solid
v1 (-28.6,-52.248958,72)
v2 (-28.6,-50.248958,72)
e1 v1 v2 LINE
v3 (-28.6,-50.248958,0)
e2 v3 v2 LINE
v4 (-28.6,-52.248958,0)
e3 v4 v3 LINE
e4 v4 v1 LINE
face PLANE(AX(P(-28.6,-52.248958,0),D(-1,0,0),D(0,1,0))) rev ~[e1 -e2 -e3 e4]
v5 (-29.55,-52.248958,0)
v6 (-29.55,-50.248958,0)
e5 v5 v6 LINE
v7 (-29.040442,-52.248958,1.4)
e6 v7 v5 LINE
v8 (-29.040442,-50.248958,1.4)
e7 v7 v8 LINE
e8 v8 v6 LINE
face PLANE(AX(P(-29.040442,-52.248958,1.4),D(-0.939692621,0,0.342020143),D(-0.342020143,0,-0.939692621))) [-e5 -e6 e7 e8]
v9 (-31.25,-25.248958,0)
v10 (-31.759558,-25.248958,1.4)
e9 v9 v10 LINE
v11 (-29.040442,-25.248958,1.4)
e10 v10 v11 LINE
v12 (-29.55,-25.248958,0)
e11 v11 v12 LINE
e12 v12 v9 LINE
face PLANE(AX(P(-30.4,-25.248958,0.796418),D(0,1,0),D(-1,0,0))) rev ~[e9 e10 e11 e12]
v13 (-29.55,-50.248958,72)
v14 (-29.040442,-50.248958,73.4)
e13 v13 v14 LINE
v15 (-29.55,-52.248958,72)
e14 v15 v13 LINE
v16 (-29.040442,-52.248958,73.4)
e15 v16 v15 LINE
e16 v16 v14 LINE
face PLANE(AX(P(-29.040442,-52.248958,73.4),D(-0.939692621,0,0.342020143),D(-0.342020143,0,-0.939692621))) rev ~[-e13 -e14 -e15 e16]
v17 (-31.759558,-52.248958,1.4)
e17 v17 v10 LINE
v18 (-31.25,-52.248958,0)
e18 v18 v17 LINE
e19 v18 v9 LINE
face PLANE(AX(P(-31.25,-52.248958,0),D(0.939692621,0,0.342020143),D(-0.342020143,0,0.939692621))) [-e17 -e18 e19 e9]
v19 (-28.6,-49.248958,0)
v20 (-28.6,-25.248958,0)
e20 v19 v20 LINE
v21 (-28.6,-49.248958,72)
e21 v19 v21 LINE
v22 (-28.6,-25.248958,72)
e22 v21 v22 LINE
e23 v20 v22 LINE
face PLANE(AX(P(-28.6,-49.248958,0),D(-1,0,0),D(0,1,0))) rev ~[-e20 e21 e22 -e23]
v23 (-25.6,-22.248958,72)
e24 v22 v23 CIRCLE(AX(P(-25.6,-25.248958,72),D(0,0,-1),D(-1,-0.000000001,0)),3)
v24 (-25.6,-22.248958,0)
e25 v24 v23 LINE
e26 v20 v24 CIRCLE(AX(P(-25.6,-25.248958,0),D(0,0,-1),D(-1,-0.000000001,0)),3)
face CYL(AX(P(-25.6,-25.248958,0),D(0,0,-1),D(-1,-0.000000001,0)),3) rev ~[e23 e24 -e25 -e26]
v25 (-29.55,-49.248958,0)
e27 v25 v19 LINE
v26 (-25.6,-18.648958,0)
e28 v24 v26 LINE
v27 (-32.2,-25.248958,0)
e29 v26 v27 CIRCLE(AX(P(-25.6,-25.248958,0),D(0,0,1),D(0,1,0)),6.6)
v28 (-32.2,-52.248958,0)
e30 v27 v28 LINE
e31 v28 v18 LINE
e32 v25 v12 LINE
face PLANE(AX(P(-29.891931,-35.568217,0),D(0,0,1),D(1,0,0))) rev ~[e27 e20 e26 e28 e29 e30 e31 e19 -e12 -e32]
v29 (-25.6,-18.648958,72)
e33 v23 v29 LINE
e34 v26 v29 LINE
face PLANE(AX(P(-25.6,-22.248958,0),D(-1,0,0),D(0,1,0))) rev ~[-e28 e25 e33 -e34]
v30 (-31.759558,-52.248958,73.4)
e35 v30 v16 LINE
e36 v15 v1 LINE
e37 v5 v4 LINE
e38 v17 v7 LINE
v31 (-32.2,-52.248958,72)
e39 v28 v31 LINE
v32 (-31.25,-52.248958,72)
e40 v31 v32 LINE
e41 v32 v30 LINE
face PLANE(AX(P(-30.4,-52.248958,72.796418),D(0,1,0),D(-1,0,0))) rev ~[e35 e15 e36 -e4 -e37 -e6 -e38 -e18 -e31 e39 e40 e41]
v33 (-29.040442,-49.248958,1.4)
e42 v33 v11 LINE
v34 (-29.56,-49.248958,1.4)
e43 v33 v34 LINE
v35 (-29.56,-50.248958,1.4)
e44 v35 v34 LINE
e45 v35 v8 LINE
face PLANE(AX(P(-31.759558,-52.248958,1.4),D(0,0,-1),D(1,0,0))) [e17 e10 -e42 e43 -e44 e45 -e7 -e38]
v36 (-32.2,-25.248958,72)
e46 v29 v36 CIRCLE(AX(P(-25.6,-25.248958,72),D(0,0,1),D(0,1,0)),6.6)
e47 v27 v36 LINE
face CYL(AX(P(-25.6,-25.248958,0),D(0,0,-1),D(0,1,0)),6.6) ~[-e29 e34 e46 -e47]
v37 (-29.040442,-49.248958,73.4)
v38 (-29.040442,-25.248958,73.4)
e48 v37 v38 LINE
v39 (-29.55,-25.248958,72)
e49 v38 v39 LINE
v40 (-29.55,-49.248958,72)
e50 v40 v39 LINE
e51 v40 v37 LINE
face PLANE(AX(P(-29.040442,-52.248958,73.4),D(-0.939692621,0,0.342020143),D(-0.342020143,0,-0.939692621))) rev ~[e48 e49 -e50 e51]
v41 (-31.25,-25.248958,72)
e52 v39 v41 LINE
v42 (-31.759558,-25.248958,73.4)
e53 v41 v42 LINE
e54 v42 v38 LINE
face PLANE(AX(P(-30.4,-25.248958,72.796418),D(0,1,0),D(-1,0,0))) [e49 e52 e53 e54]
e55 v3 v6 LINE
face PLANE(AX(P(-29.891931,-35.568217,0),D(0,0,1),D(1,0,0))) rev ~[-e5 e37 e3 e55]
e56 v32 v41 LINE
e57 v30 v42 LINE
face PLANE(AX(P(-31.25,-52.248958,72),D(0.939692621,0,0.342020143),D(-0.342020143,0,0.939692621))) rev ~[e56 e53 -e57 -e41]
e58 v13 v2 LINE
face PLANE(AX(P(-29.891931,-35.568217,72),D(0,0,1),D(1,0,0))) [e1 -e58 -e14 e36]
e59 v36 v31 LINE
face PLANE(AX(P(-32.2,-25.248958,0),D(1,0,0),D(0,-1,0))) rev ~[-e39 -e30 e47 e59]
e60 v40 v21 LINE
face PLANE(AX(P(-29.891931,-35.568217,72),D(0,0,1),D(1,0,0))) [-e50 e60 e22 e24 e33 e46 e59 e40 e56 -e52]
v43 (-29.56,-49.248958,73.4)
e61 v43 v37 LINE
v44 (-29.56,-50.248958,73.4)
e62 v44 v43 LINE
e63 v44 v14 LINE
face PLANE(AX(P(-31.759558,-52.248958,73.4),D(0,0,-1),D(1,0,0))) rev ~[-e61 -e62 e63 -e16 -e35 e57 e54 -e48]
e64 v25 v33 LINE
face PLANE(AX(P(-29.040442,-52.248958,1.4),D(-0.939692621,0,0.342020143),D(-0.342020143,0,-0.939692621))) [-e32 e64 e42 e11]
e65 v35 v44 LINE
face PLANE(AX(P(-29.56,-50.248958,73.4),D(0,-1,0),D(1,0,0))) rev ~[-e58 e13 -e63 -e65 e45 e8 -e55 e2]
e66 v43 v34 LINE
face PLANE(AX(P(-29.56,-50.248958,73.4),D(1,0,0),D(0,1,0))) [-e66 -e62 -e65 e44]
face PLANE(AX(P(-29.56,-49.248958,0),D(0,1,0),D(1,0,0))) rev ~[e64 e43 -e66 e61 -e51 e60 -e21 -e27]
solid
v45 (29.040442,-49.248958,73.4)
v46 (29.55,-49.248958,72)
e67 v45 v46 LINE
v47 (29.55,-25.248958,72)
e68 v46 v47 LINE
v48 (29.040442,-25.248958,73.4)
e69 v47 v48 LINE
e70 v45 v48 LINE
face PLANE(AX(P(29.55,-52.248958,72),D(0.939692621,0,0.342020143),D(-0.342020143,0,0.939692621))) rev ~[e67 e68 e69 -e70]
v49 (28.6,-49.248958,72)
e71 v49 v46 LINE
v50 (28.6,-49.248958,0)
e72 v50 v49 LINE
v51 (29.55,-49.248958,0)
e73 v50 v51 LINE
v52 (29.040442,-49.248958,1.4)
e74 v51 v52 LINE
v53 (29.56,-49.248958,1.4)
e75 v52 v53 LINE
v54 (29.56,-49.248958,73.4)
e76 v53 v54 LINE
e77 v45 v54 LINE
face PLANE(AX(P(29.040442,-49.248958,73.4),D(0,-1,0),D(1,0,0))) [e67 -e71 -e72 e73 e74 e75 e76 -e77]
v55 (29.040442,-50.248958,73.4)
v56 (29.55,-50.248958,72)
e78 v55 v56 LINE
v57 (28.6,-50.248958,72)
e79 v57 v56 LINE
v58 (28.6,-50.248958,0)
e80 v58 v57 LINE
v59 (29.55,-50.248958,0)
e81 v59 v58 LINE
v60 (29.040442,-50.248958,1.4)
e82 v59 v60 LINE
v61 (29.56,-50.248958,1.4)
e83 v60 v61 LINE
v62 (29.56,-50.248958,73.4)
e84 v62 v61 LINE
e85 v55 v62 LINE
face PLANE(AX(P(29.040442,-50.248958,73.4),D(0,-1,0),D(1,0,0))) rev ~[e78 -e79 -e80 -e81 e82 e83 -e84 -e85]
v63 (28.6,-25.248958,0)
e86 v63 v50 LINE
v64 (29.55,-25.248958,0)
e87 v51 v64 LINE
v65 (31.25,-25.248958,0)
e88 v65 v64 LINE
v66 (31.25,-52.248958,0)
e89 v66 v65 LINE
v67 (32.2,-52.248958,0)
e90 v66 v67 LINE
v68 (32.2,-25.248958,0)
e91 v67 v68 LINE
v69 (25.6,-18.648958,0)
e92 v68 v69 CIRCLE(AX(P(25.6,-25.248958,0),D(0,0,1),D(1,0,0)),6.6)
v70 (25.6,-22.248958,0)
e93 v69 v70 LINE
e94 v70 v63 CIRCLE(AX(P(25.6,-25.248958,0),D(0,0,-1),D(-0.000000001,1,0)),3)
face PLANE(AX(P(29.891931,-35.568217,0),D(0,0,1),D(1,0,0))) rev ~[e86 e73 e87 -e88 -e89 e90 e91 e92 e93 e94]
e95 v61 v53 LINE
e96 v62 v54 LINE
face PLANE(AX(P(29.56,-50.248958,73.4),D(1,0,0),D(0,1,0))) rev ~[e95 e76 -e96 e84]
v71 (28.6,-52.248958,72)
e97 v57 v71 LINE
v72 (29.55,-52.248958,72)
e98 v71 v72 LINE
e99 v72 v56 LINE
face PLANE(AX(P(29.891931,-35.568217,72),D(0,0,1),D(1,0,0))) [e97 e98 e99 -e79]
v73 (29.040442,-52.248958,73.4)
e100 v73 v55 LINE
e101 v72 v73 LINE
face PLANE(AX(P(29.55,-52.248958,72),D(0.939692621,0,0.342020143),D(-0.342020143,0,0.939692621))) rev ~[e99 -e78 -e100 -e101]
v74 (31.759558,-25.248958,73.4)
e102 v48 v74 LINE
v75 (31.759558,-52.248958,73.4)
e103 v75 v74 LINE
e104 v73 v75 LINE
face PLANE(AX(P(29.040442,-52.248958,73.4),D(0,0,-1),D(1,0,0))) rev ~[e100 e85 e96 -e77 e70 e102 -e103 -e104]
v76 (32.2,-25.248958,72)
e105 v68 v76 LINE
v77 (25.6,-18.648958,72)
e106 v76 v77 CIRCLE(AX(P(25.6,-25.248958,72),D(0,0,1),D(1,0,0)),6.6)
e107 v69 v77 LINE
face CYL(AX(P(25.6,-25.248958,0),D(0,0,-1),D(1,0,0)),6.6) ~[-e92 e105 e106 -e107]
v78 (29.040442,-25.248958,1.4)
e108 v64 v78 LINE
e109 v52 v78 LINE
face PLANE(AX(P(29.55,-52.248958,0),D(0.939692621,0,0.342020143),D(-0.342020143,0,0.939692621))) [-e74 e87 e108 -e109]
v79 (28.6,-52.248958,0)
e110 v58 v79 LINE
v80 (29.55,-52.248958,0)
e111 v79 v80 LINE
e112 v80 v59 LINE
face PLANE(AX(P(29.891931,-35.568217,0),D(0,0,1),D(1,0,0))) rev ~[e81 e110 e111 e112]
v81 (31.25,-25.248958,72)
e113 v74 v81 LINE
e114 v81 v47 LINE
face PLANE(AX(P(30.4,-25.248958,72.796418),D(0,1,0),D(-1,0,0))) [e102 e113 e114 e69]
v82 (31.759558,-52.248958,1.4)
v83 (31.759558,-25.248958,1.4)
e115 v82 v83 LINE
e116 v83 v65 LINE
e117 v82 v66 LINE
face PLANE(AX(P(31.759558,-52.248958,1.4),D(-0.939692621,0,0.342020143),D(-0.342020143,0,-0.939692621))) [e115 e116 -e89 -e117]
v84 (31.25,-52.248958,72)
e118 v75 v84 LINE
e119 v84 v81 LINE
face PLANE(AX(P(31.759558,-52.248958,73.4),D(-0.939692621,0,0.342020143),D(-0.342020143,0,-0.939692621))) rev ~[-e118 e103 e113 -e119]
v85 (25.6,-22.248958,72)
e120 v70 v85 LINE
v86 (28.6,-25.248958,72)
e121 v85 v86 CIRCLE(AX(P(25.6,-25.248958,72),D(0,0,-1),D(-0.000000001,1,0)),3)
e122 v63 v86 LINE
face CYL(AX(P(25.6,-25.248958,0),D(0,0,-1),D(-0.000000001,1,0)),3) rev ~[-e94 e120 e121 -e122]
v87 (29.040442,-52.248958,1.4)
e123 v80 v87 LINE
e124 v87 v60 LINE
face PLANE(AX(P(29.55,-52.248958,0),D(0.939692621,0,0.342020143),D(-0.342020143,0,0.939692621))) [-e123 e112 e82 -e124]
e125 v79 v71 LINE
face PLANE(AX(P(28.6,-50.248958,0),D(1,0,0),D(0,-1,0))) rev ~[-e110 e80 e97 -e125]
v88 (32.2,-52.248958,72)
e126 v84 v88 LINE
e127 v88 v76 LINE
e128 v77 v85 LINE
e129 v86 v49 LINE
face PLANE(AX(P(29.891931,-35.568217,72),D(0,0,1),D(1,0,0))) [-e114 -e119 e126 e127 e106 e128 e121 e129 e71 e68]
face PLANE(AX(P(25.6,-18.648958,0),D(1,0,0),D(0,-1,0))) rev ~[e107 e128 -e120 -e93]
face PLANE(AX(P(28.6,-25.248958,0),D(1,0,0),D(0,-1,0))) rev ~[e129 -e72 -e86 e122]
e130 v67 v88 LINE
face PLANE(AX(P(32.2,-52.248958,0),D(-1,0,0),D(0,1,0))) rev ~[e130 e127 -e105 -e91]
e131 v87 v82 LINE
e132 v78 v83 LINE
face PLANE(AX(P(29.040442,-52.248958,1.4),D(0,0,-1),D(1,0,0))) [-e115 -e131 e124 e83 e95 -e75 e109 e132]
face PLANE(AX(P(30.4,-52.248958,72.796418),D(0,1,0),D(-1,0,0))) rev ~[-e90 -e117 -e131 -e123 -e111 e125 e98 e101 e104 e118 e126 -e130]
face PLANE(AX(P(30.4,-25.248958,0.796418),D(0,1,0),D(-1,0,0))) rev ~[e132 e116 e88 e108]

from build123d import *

# Parameters (mm, degrees)
EXTRUDE_4_DEPTH     = 72
EXTRUDE_4_2_DEPTH   = 72
EXTRUDE_5_DEPTH     = 27
SKETCH_4_W          = 0.519558328
SKETCH_4_H          = 1
CUT_EXTRUDE_2_DEPTH = 1.4
CUT_EXTRUDE_4_DEPTH = 27


with BuildPart() as part:
    # 草圖1 → 填料-伸長4 (new body)
    with BuildSketch(Plane.XY):
        with BuildLine():
            Line((28.6, -25.24895757), (28.6, -49.24895757))
            Line((28.6, -49.24895757), (29.56, -49.24895757))
            Line((29.56, -49.24895757), (29.56, -50.24895757))
            Line((29.56, -50.24895757), (28.6, -50.24895757))
            Line((28.6, -50.24895757), (28.6, -52.24895757))
            Line((28.6, -52.24895757), (32.2, -52.24895757))
            Line((32.2, -52.24895757), (32.2, -25.24895757))
            ThreePointArc((32.2, -25.24895757), (30.266904756, -20.582052814), (25.6, -18.64895757))
            Line((25.6, -18.64895757), (25.6, -22.24895757))
            ThreePointArc((25.6, -22.24895757), (27.721320344, -23.127637226), (28.6, -25.24895757))
        make_face()
    extrude(amount=EXTRUDE_4_DEPTH)



with BuildPart() as body_2:
    # 草圖1 → Extrude 4 2 (new body)
    with BuildSketch(Plane.XY):
        with BuildLine():
            Line((-25.6, -22.24895757), (-25.6, -18.64895757))
            ThreePointArc((-25.6, -18.64895757), (-30.266904756, -20.582052814), (-32.2, -25.24895757))
            Line((-32.2, -25.24895757), (-32.2, -52.24895757))
            Line((-32.2, -52.24895757), (-28.6, -52.24895757))
            Line((-28.6, -52.24895757), (-28.6, -50.24895757))
            Line((-28.6, -50.24895757), (-29.56, -50.24895757))
            Line((-29.56, -50.24895757), (-29.56, -49.24895757))
            Line((-29.56, -49.24895757), (-28.6, -49.24895757))
            Line((-28.6, -49.24895757), (-28.6, -25.24895757))
            ThreePointArc((-28.6, -25.24895757), (-27.721320344, -23.127637226), (-25.6, -22.24895757))
        make_face()
    extrude(amount=EXTRUDE_4_2_DEPTH)


with BuildPart() as part_1:
    add(part.part)

    add(body_2.part)  # 填料-伸長5 merges body 2
    # 草圖3 → 填料-伸長5 (add)
    with BuildSketch(Plane.XZ.offset(52.24895757)):
        Polygon((-31.25, 72), (-31.759558328, 73.4), (-29.040441672, 73.4), (-29.55, 72), align=None)
        Polygon((29.55, 72), (29.040441672, 73.4), (31.759558328, 73.4), (31.25, 72), align=None)
    extrude(amount=-EXTRUDE_5_DEPTH)

    # 草圖4 → 除料-伸長2 (cut)
    with BuildSketch(Plane.XY.offset(73.4)):
        with Locations((-29.300220836, -49.74895757)):
            Rectangle(SKETCH_4_W, SKETCH_4_H)
        with Locations((29.300220836, -49.74895757)):
            Rectangle(SKETCH_4_W, SKETCH_4_H)
    extrude(amount=-CUT_EXTRUDE_2_DEPTH, mode=Mode.SUBTRACT)

    # 草圖5 → 除料-伸長4 (cut)
    with BuildSketch(Plane.XZ.offset(52.24895757)):
        Polygon((-31.25, 0), (-31.759558328, 1.4), (-29.040441672, 1.4), (-29.55, 0), align=None)
        Polygon((29.55, 0), (29.040441672, 1.4), (31.759558328, 1.4), (31.25, 0), align=None)
    extrude(amount=-CUT_EXTRUDE_4_DEPTH, mode=Mode.SUBTRACT)


solid = part_1.part
